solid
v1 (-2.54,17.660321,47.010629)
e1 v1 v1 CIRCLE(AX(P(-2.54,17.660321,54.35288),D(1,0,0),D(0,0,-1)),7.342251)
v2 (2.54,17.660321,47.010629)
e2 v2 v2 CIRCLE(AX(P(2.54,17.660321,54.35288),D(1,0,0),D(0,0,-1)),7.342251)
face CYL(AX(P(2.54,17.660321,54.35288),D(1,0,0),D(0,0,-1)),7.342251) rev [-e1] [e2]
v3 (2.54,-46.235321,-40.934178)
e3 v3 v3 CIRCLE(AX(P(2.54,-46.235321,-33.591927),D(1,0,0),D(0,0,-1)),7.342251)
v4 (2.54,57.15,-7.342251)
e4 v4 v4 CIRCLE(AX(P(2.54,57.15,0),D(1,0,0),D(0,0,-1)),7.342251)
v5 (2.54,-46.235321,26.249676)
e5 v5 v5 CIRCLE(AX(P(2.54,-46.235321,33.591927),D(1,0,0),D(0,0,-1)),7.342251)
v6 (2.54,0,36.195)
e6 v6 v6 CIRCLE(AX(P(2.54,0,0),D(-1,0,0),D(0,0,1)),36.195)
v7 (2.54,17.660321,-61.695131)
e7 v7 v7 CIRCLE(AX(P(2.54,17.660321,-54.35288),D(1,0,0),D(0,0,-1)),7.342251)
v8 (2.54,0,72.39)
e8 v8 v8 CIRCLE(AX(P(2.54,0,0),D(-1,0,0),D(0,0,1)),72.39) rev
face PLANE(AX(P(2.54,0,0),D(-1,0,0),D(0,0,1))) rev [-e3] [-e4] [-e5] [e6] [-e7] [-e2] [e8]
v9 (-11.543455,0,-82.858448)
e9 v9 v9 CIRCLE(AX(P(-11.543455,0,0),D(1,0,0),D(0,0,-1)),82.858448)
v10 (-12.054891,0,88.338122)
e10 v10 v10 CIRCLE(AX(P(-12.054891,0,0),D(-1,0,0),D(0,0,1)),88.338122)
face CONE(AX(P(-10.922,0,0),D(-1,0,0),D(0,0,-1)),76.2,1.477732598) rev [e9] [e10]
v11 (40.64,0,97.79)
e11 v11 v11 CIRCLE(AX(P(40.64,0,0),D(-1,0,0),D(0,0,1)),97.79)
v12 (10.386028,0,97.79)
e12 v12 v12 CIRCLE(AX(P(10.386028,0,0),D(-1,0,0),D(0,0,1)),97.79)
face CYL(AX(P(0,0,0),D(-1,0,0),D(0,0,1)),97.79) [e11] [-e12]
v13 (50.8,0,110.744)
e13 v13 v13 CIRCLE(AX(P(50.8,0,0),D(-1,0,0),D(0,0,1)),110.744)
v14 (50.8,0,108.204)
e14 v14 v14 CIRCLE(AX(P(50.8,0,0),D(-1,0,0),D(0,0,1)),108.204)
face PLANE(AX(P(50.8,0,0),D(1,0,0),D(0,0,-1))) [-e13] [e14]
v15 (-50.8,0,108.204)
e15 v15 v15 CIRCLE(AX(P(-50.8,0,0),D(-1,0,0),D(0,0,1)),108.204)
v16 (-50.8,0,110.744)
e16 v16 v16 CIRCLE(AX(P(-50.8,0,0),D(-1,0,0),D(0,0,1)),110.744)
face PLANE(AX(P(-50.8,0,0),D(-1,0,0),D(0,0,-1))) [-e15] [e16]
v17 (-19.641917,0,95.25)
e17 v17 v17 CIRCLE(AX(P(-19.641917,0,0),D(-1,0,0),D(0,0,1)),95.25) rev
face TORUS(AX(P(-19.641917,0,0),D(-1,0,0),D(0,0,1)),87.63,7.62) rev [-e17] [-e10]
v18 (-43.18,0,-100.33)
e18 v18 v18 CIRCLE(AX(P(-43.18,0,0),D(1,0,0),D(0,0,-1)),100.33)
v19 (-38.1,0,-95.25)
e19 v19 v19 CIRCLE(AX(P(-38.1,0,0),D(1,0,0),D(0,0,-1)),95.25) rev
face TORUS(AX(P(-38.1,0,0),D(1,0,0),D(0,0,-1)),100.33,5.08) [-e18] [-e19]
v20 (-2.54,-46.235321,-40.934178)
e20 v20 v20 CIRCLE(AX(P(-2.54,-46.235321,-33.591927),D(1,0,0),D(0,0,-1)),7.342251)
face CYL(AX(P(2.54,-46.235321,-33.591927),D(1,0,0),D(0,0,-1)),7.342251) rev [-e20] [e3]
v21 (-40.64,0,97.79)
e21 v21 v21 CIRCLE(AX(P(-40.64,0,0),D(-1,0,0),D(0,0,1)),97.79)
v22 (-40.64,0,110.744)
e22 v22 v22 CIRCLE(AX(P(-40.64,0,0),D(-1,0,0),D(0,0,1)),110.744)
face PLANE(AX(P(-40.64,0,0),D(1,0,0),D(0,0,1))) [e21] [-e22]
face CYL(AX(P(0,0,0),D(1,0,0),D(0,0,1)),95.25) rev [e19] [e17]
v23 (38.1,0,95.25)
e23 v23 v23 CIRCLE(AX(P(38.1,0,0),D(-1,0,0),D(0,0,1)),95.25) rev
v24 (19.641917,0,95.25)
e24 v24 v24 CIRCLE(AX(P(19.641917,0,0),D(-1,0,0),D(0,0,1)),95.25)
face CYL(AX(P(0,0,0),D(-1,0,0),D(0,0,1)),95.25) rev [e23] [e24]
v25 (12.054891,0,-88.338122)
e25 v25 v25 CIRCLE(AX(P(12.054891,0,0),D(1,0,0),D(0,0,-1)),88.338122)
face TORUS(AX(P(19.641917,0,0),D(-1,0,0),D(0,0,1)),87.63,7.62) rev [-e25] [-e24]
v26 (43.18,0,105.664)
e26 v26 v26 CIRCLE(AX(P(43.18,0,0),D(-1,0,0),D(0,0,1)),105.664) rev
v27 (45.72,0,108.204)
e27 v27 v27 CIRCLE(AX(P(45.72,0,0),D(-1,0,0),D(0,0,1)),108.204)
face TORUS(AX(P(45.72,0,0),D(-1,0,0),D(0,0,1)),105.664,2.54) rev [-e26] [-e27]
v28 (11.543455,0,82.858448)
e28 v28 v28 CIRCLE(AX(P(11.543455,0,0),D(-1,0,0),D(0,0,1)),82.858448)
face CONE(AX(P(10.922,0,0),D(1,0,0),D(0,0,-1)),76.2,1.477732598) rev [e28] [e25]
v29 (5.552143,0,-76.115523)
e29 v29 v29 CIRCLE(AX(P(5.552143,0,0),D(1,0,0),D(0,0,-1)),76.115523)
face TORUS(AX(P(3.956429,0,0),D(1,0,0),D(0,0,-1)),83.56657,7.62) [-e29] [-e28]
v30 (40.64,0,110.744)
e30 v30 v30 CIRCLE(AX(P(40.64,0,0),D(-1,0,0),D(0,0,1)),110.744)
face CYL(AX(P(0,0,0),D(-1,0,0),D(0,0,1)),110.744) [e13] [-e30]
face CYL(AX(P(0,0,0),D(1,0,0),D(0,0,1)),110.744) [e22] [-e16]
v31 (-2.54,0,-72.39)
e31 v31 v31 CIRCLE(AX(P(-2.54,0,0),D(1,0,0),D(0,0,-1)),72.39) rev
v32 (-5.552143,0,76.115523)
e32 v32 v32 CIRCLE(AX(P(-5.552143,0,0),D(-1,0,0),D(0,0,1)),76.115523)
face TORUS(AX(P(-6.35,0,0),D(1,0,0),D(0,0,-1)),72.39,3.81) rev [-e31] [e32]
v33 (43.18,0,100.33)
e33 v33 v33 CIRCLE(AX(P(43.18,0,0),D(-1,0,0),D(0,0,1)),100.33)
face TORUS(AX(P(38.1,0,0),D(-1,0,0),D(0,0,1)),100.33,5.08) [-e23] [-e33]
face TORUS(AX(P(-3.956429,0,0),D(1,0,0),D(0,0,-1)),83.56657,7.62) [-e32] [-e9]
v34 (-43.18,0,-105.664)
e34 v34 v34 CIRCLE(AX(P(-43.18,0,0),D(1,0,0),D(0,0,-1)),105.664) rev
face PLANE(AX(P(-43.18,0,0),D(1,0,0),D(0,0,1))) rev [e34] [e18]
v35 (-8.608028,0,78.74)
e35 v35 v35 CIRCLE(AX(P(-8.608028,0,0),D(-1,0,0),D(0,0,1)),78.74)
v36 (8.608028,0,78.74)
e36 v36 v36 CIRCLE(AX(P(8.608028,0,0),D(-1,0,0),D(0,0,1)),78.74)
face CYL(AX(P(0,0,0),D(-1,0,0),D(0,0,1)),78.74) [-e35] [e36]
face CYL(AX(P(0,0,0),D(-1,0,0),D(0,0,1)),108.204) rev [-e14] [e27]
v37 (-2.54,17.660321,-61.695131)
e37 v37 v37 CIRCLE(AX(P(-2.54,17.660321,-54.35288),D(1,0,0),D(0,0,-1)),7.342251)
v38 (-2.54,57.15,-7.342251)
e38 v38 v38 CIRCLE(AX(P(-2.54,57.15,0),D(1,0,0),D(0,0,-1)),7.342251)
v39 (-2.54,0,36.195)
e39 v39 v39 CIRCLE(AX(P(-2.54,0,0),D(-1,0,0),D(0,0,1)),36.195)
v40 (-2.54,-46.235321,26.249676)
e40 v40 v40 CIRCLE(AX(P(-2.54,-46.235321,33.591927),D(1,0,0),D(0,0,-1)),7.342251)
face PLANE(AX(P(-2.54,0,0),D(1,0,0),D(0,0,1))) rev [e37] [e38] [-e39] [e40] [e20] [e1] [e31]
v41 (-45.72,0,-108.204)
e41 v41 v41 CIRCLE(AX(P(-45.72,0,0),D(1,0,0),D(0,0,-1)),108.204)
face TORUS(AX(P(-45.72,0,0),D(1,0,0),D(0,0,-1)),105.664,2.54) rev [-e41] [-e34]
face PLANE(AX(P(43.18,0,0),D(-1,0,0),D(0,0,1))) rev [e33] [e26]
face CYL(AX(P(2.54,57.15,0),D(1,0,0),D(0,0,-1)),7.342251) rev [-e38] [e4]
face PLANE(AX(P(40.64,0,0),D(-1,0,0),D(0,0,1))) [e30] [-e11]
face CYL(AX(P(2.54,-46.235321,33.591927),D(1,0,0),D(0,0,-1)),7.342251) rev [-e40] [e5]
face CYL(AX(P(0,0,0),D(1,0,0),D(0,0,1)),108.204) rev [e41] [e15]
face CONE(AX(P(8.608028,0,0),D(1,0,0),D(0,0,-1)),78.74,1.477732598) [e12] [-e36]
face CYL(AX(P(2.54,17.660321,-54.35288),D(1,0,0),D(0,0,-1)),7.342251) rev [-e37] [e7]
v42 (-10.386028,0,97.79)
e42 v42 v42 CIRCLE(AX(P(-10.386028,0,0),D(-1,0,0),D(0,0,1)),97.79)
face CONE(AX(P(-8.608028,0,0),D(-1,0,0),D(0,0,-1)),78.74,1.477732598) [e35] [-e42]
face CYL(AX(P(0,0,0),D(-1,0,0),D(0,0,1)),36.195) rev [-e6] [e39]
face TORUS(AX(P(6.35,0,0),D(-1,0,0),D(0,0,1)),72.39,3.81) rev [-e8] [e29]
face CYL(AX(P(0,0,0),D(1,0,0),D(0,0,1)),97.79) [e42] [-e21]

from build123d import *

# Parameters (mm, degrees)
F_37_64_0_57813_DIAMETER_HOLE1_D = 14.684502
FILLET1_R                        = 3.81
FILLET2_R                        = 7.62
FILLET3_R                        = 5.08
FILLET4_R                        = 2.54


with BuildPart() as part:
    # Sketch2 → Revolve2 (revolve)
    with BuildSketch(Plane.XY, mode=Mode.PRIVATE) as revolve2_sk:
        Polygon((48.26, 110.744), (50.8, 110.744), (50.8, 108.204), (43.18, 108.204), (43.18, 95.25), (12.7, 95.25), (10.922, 76.2), (2.54, 76.2), (2.54, 36.195), (0, 36.195), (0, 78.74), (8.608027544, 78.74), (10.386027544, 97.79), (40.64, 97.79), (40.64, 110.744), align=None)
    revolve2 = revolve(revolve2_sk.sketch.rotate(Axis((0, 0, 0), (1, 0, 0)), 90), axis=Axis((0, 0, 0), (1, 0, 0)))

    # Mirror1: Revolve2 across plane
    add(revolve2.mirror(Plane(origin=(0, 0, 0), x_dir=(0, 0, 1), z_dir=(1, 0, 0))))

    # 37/64 (0.57813) Diameter Hole1 (through all)
    with Locations(Plane(origin=(2.54, 0, 0), x_dir=(0, 0, -1), z_dir=(1, 0, 0))):
        with Locations((0, 57.15), (54.352879906, 17.660321229), (33.591927169, -46.235321229), (-33.591927169, -46.235321229), (-54.352879906, 17.660321229)):
            Hole(F_37_64_0_57813_DIAMETER_HOLE1_D / 2)

    # Fillet1
    fillet1_edges = [part.edges().sort_by_distance(p)[0] for p in [
        (2.54, 0, -76.2),
        (-2.54, 0, -76.2),
    ]]
    fillet(fillet1_edges, radius=FILLET1_R)

    # Fillet2
    fillet2_edges = [part.edges().sort_by_distance(p)[0] for p in [
        (12.7, 0, -95.25),
        (10.922, 0, -76.2),
        (-12.7, 0, -95.25),
        (-10.922, 0, -76.2),
    ]]
    fillet(fillet2_edges, radius=FILLET2_R)

    # Fillet3
    fillet3_edges = [part.edges().sort_by_distance(p)[0] for p in [
        (43.18, 0, -95.25),
        (-43.18, 0, -95.25),
    ]]
    fillet(fillet3_edges, radius=FILLET3_R)

    # Fillet4
    fillet4_edges = [part.edges().sort_by_distance(p)[0] for p in [
        (43.18, 0, -108.204),
        (-43.18, 0, -108.204),
    ]]
    fillet(fillet4_edges, radius=FILLET4_R)


solid = part.part
